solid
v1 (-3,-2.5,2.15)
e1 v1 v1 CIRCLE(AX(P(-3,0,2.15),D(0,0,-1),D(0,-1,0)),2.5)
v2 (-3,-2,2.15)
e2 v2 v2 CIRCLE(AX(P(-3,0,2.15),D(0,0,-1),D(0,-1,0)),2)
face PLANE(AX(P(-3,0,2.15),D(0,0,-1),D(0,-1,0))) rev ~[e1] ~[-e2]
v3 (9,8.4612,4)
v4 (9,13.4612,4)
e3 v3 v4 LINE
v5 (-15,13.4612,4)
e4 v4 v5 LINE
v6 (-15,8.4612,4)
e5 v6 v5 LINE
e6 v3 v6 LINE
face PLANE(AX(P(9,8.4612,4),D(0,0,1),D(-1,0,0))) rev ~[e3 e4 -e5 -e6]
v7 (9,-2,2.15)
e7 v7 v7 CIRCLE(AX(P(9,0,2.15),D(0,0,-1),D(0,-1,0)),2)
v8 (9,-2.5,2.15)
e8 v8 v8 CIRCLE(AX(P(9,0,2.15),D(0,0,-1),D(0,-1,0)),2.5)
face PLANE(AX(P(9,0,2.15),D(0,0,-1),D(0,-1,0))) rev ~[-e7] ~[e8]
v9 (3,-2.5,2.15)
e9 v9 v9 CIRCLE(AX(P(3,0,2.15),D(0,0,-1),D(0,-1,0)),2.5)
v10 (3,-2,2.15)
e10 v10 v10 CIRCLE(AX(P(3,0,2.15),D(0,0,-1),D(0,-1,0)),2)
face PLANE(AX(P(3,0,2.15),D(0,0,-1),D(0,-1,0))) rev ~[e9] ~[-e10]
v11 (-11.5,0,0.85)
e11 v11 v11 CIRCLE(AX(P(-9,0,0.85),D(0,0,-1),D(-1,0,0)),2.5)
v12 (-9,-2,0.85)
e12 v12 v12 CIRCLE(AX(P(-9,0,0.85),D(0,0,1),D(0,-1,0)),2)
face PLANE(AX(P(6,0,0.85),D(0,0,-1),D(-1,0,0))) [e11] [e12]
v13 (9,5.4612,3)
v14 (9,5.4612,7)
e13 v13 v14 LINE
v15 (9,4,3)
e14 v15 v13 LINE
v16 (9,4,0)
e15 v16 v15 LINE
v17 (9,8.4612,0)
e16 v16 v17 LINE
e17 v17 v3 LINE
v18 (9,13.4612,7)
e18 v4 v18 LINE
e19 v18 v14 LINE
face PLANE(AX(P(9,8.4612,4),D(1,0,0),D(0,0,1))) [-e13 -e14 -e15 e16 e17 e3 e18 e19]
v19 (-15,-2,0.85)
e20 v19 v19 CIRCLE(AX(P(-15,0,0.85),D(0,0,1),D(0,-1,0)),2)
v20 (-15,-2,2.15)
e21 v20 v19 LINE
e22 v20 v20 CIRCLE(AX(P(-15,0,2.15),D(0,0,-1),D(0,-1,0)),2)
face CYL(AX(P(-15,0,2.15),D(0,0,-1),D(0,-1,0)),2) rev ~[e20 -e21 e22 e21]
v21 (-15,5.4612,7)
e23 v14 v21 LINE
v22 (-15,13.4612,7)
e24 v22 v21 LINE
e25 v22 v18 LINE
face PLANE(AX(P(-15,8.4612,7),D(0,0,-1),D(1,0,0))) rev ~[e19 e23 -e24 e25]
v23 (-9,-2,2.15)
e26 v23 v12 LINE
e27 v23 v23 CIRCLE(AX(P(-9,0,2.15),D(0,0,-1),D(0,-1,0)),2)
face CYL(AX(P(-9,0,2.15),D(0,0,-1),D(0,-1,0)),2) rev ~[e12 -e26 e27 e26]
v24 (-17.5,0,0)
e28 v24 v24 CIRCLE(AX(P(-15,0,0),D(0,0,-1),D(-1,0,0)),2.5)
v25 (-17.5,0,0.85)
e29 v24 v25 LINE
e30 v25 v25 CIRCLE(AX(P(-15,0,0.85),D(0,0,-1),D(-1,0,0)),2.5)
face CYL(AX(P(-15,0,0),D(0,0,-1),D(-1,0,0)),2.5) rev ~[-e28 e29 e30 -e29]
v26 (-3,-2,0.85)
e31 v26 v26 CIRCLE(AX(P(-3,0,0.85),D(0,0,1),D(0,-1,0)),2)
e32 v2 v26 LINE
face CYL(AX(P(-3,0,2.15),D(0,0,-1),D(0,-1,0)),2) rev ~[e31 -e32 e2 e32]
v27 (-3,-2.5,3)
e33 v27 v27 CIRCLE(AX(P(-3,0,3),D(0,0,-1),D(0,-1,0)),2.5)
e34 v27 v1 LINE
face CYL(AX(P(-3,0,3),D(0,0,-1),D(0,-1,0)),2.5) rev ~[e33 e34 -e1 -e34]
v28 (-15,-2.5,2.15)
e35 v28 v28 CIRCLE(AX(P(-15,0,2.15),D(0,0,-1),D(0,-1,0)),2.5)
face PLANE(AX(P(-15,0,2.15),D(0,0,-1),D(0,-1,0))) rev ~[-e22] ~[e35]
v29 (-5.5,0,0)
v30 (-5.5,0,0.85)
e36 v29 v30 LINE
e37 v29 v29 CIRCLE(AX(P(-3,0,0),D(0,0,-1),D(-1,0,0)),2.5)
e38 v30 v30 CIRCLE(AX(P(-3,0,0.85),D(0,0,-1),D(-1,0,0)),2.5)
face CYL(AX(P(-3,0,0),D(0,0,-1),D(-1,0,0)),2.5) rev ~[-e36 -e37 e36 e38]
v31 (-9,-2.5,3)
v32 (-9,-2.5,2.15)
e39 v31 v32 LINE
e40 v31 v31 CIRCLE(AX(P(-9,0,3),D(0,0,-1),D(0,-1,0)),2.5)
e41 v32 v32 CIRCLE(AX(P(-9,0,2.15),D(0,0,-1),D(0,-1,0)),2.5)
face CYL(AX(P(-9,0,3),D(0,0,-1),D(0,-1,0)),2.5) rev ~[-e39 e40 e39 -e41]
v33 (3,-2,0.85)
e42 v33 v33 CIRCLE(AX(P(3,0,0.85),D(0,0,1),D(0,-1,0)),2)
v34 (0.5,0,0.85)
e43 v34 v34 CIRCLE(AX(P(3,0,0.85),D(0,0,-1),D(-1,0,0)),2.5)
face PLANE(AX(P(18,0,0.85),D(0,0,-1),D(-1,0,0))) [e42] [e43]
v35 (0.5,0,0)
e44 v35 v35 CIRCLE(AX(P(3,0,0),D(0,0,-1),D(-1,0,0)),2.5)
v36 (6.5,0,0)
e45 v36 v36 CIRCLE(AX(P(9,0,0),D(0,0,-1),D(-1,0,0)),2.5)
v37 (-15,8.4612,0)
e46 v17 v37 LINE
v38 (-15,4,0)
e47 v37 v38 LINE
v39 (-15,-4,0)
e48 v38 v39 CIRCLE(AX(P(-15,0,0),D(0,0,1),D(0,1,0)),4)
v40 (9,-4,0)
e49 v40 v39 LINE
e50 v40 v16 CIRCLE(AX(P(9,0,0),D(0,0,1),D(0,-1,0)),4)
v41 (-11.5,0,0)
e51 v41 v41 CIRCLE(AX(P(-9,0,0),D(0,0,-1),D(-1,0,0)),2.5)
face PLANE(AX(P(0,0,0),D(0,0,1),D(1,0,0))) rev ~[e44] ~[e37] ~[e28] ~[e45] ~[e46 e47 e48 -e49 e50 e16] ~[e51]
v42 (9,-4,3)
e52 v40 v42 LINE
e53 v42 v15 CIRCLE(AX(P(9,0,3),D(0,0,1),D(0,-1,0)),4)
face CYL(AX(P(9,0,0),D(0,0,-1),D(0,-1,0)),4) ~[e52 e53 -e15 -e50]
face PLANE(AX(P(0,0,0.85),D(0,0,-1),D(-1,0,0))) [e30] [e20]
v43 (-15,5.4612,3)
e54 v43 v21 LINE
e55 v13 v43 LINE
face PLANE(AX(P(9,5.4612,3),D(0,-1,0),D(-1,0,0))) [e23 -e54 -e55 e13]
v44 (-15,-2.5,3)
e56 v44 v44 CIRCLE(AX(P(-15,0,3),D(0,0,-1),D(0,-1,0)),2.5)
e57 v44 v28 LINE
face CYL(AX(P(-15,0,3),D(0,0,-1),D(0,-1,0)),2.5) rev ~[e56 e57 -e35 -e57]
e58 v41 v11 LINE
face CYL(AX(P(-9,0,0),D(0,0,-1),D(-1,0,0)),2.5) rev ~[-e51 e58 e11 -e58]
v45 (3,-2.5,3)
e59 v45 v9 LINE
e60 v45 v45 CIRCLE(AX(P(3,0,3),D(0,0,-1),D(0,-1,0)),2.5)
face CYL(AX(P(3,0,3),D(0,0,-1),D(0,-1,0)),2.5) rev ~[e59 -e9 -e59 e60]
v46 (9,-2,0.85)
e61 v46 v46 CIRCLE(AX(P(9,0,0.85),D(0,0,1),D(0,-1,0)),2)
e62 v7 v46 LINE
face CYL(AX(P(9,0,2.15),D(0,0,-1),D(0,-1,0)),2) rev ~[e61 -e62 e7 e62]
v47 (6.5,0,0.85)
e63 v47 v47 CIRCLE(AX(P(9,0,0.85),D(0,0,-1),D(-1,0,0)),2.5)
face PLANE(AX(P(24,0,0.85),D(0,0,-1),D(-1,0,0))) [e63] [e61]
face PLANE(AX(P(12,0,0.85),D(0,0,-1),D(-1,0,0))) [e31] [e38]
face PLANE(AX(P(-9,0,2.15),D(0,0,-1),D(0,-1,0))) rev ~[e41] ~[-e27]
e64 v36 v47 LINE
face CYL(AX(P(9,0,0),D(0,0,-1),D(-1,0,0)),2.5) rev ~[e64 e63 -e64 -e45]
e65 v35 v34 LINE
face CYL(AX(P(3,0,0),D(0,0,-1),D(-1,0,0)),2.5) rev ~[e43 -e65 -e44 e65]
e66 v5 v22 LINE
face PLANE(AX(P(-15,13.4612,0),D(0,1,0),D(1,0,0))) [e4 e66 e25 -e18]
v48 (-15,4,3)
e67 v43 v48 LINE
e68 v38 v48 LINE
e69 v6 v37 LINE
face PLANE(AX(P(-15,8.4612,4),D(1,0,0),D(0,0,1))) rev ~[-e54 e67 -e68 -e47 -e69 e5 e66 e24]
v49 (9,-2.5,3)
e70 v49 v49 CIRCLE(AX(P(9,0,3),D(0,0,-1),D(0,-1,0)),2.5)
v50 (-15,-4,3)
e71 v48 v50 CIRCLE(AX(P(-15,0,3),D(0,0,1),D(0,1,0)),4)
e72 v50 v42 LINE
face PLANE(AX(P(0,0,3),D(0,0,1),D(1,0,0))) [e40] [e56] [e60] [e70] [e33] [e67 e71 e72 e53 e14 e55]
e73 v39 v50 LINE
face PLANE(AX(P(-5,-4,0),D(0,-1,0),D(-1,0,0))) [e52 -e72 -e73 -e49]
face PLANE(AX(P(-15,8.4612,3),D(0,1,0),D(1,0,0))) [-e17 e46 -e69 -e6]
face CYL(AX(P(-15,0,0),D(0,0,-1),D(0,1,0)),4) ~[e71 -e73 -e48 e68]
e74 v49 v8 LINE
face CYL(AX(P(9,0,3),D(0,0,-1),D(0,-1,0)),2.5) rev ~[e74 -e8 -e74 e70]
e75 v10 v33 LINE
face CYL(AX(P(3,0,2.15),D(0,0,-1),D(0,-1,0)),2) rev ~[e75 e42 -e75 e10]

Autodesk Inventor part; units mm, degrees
ref_plane "YZ Plane" through (0, 0, 0) normal (1, 0, 0) x (0, 1, 0)
ref_plane "XZ Plane" through (0, 0, 0) normal (0, 1, 0) x (-1, 0, 0)
ref_plane "XY Plane" through (0, 0, 0) normal (0, 0, 1) x (1, 0, 0)
sketch "Sketch1" plane through (0, 0, 0) normal (0, 0, 1) x (1, 0, 0)
  arc A0 (-15, 4) -> (-15, -4) centre (-15, 0) ccw
  line L0 (-5, -4) -> (-15, -4)
  line L1 (-3, 0) -> (-3, 5.2247) construction
  arc A1 (9, -4) -> (9, 4) centre (9, 0) ccw
  line L2 (-5, -4) -> (9, -4)
  line L3 (9, 8.4612) -> (-15, 8.4612)
  line L4 (-15, 8.4612) -> (-15, 4)
  line L5 (9, 4) -> (9, 8.4612)
  dimension "d11" = 4
extrude "Extrusion1" add sketch "Sketch1" along normal blind 3
sketch "Sketch2" plane through (0, 0, 3) normal (0, 0, 1) x (1, 0, 0)
  arc A0 (-15, 4) -> (-15, -4) centre (-15, 0) ccw projected
  point P0 (0, 0)
hole "Hole1" at (-15, 0, 3) direction (0, 0, -1) diameter 4 depth 3 tip angle 118 counterbore diameter 5 counterbore depth 0.85
sketch "Sketch5" plane through (0, 0, 0) normal (0, 0, -1) x (-1, 0, 0)
  circle A0 centre (15, 0) radius 2 projected
  circle A1 centre (15, 0) radius 2.5
  point P0 (0, 0)
extrude "Extrusion3" cut sketch "Sketch5" against normal blind 0.85
pattern_linear "Rectangular Pattern2" count 5 spacing 6 along (1, 0, 0) of "Extrusion3", "Hole1"
sketch "Sketch6" plane through (0, 0, 3) normal (0, 0, 1) x (1, 0, 0)
  point P0 (0, 0)
sketch "Sketch7" plane through (0, 0, 3) normal (0, 0, 1) x (1, 0, 0)
  line L0 (9, 4) -> (9, 8.4612) projected
  line L1 (-15, 8.4612) -> (9, 8.4612)
  line L2 (9, 8.4612) -> (9, 5.4612)
  line L3 (9, 5.4612) -> (-15, 5.4612)
  line L4 (-15, 5.4612) -> (-15, 8.4612)
  point P0 (0, 0)
  dimension "d24" = 3
extrude "Extrusion4" add sketch "Sketch7" along normal blind 4
sketch "Sketch8" plane through (-15, 8.4612, 0) normal (0, 1, 0) x (1, 0, 0)
  line L0 (24, -3) -> (24, -7) projected
  line L1 (0, -7) -> (24, -7)
  line L2 (24, -7) -> (24, -4)
  line L3 (24, -4) -> (0, -4)
  line L4 (0, -4) -> (0, -7)
  point P0 (15, 0)
  dimension "d27" = 3
extrude "Extrusion5" add sketch "Sketch8" along normal blind 5
properties part number "caster_pad"
